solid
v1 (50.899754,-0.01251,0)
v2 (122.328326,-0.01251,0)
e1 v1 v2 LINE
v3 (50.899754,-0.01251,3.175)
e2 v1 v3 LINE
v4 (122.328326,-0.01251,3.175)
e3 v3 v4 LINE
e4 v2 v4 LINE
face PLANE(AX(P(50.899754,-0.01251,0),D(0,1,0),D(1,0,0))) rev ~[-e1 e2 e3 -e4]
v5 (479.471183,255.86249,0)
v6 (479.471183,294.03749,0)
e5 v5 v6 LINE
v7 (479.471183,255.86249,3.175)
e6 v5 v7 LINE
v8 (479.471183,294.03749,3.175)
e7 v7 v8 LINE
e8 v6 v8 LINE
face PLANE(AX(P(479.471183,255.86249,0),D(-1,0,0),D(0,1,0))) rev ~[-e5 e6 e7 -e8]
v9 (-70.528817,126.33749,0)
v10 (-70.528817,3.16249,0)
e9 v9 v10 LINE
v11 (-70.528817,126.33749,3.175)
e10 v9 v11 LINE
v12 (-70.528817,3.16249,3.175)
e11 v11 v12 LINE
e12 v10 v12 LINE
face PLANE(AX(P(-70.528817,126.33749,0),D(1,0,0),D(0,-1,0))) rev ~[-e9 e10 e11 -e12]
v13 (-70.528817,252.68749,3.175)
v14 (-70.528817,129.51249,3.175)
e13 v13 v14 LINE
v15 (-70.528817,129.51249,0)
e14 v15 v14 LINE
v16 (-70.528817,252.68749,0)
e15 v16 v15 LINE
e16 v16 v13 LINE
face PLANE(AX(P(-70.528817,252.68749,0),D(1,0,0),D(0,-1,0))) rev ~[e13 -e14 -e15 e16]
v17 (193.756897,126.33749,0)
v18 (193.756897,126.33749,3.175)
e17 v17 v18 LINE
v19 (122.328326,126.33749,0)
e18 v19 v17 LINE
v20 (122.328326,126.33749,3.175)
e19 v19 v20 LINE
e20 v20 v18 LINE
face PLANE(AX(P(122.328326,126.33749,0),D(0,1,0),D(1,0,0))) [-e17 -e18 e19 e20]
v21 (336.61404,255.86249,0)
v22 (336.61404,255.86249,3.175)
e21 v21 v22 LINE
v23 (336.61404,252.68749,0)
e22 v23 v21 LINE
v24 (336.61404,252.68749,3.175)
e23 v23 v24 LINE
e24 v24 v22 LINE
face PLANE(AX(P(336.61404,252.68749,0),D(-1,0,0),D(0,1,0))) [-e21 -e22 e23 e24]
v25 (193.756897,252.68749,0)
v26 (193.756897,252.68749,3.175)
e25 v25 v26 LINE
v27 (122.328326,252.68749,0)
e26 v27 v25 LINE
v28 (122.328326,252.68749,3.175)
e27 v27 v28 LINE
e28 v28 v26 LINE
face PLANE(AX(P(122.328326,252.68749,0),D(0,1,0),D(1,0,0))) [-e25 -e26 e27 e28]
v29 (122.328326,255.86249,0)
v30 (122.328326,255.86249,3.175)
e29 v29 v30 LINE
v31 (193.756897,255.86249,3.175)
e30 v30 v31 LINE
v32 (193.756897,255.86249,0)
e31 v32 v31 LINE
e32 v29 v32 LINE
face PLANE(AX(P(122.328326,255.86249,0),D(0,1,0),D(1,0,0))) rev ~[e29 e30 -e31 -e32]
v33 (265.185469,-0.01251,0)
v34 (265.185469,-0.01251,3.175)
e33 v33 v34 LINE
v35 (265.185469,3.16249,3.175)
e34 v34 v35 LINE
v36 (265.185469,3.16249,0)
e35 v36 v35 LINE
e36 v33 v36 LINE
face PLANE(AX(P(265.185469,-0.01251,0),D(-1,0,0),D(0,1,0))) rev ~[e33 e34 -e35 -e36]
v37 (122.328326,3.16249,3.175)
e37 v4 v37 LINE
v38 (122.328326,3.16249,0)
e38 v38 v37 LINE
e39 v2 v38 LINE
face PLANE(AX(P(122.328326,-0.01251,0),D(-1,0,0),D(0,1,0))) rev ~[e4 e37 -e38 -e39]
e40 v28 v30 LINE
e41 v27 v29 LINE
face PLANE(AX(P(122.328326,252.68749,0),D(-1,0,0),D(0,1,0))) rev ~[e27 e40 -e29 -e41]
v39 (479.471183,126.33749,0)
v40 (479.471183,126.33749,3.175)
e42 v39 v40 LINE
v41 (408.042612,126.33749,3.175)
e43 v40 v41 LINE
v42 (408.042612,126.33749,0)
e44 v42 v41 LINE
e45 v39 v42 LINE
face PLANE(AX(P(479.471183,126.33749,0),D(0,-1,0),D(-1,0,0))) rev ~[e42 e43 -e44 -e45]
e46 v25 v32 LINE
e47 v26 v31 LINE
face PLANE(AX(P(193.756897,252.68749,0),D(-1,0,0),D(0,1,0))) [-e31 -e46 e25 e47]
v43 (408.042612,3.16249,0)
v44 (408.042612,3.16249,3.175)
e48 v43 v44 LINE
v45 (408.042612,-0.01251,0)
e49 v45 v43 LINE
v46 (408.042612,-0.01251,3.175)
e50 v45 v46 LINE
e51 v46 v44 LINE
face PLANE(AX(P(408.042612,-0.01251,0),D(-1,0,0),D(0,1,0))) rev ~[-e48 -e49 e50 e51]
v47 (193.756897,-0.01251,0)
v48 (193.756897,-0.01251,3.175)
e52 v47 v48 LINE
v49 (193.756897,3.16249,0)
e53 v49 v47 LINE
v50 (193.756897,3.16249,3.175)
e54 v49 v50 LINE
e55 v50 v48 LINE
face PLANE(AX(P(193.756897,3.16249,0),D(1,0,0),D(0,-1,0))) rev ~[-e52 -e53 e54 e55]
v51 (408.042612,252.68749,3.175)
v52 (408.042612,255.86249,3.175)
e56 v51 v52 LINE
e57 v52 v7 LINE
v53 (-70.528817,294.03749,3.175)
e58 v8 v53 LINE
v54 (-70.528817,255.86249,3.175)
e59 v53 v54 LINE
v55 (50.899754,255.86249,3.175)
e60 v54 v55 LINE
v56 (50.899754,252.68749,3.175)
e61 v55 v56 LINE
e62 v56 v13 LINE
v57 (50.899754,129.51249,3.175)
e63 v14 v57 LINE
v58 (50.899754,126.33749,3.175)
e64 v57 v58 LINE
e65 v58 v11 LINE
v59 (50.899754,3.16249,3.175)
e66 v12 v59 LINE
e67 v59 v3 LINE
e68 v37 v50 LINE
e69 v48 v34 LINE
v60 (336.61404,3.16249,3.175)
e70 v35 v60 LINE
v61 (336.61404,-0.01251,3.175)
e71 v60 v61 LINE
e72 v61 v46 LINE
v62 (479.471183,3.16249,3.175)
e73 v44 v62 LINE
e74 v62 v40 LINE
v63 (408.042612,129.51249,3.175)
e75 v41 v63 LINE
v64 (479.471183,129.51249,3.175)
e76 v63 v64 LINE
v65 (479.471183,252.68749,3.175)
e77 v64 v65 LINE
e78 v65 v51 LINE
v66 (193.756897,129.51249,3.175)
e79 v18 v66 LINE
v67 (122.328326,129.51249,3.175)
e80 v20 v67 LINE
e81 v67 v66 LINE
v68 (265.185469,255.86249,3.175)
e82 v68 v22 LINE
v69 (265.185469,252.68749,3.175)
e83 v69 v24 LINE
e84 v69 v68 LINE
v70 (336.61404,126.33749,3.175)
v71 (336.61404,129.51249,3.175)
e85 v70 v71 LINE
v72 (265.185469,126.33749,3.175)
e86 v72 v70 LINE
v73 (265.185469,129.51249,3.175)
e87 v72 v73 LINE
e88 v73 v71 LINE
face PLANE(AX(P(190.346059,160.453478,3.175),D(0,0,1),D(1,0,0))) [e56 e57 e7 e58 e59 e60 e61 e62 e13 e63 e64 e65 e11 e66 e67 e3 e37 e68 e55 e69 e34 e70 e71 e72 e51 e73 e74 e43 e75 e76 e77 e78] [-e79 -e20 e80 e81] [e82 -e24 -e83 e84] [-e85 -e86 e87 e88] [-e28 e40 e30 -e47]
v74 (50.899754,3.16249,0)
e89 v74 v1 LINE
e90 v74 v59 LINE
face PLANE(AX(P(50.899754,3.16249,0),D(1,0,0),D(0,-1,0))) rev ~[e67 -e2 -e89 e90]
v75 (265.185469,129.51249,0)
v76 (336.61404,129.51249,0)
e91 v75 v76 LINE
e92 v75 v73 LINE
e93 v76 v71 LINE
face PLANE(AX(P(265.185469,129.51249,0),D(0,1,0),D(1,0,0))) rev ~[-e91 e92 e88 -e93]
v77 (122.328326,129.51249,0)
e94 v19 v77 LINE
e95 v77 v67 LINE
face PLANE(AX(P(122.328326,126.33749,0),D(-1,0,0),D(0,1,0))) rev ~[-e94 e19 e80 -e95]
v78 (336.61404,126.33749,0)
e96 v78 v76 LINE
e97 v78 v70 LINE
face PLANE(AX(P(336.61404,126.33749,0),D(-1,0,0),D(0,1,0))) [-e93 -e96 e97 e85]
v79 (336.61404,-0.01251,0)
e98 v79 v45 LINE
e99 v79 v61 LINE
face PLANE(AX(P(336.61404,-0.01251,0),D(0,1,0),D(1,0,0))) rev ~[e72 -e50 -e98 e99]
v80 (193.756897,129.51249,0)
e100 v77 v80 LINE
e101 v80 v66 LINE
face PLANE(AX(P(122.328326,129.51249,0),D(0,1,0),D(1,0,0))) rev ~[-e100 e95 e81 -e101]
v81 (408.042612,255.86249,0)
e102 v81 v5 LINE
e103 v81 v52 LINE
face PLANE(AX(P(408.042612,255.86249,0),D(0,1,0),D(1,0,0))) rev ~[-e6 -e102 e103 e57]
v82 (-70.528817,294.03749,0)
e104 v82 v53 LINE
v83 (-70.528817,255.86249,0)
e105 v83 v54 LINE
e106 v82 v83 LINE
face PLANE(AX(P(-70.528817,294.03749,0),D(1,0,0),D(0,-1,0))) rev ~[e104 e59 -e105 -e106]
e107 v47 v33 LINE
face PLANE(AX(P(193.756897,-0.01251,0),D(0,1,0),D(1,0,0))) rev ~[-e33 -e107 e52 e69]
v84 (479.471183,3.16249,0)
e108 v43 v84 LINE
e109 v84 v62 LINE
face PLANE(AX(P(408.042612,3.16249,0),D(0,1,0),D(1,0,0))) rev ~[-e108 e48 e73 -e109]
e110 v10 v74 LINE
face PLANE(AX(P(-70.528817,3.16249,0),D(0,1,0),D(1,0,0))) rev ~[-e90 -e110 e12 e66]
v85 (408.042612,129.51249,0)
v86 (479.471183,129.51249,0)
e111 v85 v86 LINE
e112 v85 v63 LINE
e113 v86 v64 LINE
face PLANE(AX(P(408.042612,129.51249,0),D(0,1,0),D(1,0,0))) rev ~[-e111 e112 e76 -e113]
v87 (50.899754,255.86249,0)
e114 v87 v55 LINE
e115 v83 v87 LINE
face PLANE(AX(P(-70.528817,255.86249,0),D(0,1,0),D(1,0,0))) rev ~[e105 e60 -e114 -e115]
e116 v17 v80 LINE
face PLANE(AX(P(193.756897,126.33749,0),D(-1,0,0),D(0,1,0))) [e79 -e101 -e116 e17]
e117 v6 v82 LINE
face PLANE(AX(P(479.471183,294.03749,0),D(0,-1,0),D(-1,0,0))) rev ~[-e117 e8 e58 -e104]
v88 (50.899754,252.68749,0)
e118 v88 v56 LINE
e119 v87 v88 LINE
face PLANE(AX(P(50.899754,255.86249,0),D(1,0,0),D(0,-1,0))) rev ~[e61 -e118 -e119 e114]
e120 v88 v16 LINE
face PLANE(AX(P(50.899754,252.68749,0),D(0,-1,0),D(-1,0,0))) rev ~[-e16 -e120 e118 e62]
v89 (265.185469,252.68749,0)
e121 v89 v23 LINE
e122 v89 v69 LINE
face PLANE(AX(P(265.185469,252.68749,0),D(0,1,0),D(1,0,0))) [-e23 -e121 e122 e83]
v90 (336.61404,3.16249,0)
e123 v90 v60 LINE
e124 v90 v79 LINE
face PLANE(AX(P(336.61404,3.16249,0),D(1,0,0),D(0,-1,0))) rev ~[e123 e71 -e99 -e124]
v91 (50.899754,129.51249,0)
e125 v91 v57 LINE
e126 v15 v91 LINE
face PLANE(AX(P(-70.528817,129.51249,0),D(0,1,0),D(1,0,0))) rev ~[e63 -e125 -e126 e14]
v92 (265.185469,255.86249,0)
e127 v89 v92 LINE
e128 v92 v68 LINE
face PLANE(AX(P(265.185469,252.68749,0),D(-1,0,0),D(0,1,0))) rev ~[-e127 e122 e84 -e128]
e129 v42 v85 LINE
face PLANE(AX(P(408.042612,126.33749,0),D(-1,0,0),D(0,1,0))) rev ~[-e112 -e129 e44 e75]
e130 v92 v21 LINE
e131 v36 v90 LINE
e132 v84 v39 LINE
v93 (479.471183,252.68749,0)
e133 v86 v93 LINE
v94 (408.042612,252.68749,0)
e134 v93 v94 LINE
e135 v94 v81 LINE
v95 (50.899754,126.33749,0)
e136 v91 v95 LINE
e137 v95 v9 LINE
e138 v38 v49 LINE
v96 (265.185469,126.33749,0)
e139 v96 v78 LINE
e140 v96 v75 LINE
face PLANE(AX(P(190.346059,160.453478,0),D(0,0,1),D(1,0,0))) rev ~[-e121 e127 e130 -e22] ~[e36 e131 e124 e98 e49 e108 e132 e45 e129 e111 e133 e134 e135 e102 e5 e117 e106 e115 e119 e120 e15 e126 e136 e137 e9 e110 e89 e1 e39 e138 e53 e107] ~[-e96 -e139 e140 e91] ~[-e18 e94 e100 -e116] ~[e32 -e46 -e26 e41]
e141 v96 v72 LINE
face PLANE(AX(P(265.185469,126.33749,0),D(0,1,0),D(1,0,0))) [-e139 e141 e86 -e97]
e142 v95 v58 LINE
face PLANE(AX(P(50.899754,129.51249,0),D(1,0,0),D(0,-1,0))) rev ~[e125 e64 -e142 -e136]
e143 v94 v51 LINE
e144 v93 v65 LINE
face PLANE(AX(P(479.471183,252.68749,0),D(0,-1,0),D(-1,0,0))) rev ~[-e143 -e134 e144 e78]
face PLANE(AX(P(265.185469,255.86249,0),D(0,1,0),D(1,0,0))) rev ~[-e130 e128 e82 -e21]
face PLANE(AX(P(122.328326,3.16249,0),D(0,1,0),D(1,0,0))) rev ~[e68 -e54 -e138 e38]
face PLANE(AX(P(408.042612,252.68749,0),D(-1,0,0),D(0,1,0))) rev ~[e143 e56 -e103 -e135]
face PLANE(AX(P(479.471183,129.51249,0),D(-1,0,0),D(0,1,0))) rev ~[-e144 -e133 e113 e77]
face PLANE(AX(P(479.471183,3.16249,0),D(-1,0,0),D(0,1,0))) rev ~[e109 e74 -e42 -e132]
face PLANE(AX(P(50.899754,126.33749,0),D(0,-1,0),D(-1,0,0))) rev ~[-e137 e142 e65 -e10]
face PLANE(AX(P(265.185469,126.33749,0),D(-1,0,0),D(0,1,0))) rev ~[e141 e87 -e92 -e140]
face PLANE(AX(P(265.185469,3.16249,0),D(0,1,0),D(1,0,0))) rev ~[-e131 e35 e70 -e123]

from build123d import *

# Parameters (mm, degrees)
SKETCH1_W           = 71.428571428
SKETCH1_H           = 3.175
SKETCH1_W_2         = 71.428571429
BOSS_EXTRUDE1_DEPTH = 3.175


with BuildPart() as part:
    # Sketch1 → Boss-Extrude1 (new body)
    with BuildSketch(Plane.XY):
        Polygon((50.899754495, -0.012509515), (122.328325923, -0.012509515), (122.328325923, 3.162490485), (193.756897352, 3.162490485), (193.756897352, -0.012509515), (265.185468781, -0.012509515), (265.185468781, 3.162490485), (336.614040209, 3.162490485), (336.614040209, -0.012509515), (408.042611638, -0.012509515), (408.042611638, 3.162490485), (479.471183066, 3.162490485), (479.471183066, 126.337490485), (408.042611638, 126.337490485), (408.042611638, 129.512490485), (479.471183066, 129.512490485), (479.471183066, 252.687490485), (408.042611638, 252.687490485), (408.042611638, 255.862490485), (479.471183066, 255.862490485), (479.471183066, 294.037490485), (166.471183066, 294.037490485), (-20.528816934, 294.037490485), (-70.528816934, 294.037490485), (-70.528816934, 255.862490485), (50.899754495, 255.862490485), (50.899754495, 252.687490485), (-70.528816934, 252.687490485), (-70.528816934, 129.512490485), (50.899754495, 129.512490485), (50.899754495, 126.337490485), (-70.528816934, 126.337490485), (-70.528816934, 3.162490485), (50.899754495, 3.162490485), align=None)
        with Locations((300.899754495, 127.924990485)):
            Rectangle(SKETCH1_W, SKETCH1_H, mode=Mode.SUBTRACT)
        with Locations((300.899754495, 254.274990485)):
            Rectangle(SKETCH1_W, SKETCH1_H, mode=Mode.SUBTRACT)
        with Locations((158.042611638, 127.924990485)):
            Rectangle(SKETCH1_W_2, SKETCH1_H, mode=Mode.SUBTRACT)
        with Locations((158.042611638, 254.274990485)):
            Rectangle(SKETCH1_W_2, SKETCH1_H, mode=Mode.SUBTRACT)
    extrude(amount=BOSS_EXTRUDE1_DEPTH)


solid = part.part
